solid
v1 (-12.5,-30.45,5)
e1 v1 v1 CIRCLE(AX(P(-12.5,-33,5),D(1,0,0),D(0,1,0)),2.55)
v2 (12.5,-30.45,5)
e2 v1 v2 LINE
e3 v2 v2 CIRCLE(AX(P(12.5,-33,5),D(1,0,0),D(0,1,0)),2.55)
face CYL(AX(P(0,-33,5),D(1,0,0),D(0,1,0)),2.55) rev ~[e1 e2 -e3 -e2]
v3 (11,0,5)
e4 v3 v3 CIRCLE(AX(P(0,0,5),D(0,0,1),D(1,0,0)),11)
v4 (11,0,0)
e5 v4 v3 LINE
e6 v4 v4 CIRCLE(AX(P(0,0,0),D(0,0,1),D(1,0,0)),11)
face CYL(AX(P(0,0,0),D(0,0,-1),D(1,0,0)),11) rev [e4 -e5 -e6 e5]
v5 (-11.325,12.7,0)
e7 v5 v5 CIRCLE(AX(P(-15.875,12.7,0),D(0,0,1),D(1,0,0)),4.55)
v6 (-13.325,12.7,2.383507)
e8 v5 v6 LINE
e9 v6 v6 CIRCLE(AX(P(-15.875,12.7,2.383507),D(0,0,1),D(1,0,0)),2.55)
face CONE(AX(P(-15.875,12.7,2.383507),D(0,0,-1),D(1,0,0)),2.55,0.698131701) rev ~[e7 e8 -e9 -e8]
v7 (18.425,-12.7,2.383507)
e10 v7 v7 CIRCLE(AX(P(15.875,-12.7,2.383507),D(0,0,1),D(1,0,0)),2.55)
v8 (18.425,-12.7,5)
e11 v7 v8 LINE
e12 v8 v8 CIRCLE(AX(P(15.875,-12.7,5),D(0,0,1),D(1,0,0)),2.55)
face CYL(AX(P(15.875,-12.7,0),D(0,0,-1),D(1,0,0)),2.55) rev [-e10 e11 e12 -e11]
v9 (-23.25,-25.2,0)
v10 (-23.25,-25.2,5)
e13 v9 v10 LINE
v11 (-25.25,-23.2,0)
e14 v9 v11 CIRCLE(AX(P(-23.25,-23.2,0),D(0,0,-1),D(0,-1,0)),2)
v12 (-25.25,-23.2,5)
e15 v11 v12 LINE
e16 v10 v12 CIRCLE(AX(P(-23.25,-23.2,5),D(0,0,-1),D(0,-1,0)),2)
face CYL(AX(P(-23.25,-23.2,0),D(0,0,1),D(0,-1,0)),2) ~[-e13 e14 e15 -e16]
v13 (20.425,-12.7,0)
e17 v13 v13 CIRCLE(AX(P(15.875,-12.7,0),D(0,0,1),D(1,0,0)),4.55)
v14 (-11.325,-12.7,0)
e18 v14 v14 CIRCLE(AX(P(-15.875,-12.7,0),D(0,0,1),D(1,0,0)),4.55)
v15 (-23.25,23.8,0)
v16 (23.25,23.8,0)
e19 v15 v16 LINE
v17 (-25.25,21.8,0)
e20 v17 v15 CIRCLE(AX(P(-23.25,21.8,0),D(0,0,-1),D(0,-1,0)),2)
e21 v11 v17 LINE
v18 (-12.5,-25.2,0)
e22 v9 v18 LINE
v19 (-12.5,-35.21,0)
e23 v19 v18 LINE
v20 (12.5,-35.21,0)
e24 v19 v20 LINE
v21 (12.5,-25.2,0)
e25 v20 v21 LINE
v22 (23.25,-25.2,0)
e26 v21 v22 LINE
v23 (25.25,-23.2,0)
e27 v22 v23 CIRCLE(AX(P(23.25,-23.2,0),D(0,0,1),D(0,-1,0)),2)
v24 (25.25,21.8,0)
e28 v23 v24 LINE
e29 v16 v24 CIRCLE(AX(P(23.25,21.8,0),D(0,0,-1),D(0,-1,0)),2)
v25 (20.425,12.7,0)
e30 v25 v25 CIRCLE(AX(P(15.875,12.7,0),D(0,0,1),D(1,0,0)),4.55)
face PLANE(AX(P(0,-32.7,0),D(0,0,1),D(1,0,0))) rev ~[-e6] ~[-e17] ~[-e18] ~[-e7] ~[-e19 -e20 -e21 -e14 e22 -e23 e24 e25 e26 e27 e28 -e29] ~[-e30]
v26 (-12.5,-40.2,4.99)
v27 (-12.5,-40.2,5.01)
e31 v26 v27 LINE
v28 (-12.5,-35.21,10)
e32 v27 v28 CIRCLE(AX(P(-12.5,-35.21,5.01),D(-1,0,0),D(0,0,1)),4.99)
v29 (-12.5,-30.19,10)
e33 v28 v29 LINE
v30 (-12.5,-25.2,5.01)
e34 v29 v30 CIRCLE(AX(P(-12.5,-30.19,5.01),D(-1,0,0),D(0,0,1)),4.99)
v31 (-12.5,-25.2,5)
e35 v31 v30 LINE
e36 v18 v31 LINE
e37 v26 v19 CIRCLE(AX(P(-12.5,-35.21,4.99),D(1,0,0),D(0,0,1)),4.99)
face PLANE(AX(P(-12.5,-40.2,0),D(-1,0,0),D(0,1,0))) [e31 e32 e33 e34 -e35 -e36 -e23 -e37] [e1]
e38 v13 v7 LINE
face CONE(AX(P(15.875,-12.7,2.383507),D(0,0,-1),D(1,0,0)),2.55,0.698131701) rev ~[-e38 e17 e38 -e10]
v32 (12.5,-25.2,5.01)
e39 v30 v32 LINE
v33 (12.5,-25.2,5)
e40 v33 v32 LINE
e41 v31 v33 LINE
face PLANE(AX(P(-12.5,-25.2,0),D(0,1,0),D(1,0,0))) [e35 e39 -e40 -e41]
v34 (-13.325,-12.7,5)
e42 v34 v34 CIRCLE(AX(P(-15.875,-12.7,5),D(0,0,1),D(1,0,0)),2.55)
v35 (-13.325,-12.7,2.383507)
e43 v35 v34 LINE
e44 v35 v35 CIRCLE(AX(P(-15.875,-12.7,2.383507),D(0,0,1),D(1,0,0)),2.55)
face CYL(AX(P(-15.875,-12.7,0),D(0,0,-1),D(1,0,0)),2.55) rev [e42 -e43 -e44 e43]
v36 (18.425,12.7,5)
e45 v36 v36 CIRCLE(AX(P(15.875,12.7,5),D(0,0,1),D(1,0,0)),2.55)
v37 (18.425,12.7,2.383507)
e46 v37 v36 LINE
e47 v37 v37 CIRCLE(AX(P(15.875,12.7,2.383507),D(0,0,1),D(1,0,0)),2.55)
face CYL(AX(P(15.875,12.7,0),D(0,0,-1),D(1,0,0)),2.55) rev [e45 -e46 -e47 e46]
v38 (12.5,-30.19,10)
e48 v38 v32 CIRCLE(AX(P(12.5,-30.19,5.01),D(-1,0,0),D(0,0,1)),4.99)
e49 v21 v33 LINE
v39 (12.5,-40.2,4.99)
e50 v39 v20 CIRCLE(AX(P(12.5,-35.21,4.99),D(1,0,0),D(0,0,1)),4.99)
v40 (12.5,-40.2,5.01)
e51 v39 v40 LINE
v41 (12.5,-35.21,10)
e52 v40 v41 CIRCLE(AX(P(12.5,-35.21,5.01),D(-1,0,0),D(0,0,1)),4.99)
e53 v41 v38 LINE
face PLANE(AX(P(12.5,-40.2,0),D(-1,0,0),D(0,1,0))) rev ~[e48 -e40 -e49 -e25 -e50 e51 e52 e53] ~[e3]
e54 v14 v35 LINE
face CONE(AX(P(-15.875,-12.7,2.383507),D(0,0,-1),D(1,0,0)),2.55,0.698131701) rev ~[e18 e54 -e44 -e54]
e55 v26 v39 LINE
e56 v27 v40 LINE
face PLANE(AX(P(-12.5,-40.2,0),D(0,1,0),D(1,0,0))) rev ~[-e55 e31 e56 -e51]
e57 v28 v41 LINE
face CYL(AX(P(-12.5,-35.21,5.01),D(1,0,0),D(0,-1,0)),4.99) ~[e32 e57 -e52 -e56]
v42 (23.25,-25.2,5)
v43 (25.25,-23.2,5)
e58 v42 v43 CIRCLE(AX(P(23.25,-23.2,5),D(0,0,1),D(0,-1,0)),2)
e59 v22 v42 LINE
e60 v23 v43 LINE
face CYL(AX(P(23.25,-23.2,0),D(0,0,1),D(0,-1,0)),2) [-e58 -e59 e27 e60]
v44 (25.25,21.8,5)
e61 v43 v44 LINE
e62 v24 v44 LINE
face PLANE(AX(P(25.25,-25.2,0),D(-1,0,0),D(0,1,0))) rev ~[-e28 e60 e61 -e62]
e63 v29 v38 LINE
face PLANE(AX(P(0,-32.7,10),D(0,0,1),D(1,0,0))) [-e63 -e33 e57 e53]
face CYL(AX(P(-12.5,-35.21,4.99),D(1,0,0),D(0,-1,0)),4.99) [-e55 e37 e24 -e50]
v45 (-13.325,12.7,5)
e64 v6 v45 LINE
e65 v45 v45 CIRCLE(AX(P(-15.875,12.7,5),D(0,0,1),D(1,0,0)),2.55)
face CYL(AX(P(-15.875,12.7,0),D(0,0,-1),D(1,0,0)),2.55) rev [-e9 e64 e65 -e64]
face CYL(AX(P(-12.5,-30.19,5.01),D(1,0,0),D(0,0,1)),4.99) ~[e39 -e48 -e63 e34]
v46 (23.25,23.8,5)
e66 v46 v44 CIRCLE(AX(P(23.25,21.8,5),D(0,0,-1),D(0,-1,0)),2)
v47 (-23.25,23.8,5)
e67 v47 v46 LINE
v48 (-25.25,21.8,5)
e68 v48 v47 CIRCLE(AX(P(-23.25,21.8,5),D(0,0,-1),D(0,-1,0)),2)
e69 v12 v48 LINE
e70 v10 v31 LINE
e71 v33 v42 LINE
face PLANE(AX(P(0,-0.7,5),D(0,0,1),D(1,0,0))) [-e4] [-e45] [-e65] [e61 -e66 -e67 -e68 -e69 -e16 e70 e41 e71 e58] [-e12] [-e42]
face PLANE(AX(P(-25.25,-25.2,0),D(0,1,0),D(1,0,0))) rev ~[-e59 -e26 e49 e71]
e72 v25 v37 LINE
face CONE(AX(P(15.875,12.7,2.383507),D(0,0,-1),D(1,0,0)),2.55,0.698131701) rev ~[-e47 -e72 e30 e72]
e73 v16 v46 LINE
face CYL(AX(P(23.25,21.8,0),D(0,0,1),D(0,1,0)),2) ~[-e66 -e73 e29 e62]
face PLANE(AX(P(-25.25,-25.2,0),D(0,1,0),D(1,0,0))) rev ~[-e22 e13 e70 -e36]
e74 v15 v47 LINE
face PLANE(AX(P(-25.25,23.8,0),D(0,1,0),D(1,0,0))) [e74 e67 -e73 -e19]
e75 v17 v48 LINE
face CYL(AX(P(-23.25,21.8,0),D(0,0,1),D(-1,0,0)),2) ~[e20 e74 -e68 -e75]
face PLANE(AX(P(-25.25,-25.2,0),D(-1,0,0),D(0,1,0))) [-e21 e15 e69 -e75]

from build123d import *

# Parameters (mm, degrees)
SKETCH_W      = 50.5
SKETCH_H      = 49
SKETCH_R      = 11
SKETCH_R_2    = 2.55
PAD_DEPTH     = 5
SKETCH001_W   = 25
SKETCH001_H   = 15
PAD001_DEPTH  = 10
SKETCH002_R   = 2.55
POCKET_DEPTH  = 12.5
FILLET_R      = 4.99
FILLET001_R   = 2
CHAMFER_ANGLE = 50
CHAMFER_SIZE  = 2


with BuildPart() as part:
    # Sketch → Pad (new body)
    with BuildSketch(Plane.XY):
        with Locations((0, -0.7)):
            Rectangle(SKETCH_W, SKETCH_H)
        Circle(SKETCH_R, mode=Mode.SUBTRACT)
        with Locations((-15.875, 12.7)):
            Circle(SKETCH_R_2, mode=Mode.SUBTRACT)
        with Locations((15.875, 12.7)):
            Circle(SKETCH_R_2, mode=Mode.SUBTRACT)
        with Locations((15.875, -12.7)):
            Circle(SKETCH_R_2, mode=Mode.SUBTRACT)
        with Locations((-15.875, -12.7)):
            Circle(SKETCH_R_2, mode=Mode.SUBTRACT)
    extrude(amount=PAD_DEPTH)

    # Sketch001 → Pad001 (join)
    with BuildSketch(Plane.XY):
        with Locations((0, -32.7)):
            Rectangle(SKETCH001_W, SKETCH001_H)
    extrude(amount=PAD001_DEPTH)

    # Sketch002 → Pocket (cut, symmetric)
    with BuildSketch(Plane.YZ):
        with Locations((-33, 5)):
            Circle(SKETCH002_R)
    extrude(amount=POCKET_DEPTH, both=True, mode=Mode.SUBTRACT)

    # Fillet
    fillet_edges = [part.edges().sort_by_distance(p)[0] for p in [
        (0, -25.2, 10),
        (0, -40.2, 10),
        (0, -40.2, 0),
    ]]
    fillet(fillet_edges, radius=FILLET_R)

    # Fillet001
    fillet001_edges = [part.edges().sort_by_distance(p)[0] for p in [
        (25.25, 23.8, 2.5),
        (25.25, -25.2, 2.5),
        (-25.25, 23.8, 2.5),
        (-25.25, -25.2, 2.5),
    ]]
    fillet(fillet001_edges, radius=FILLET001_R)

    # Chamfer
    chamfer_edges = [part.edges().sort_by_distance(p)[0] for p in [
        (-18.425, 12.7, 0),
        (-18.425, -12.7, 0),
        (13.325, -12.7, 0),
        (13.325, 12.7, 0),
    ]]
    chamfer_side = part.faces().sort_by_distance((0, 23.096349, 0))[0]
    chamfer(chamfer_edges, length=CHAMFER_SIZE, angle=CHAMFER_ANGLE, reference=chamfer_side)


solid = part.part
